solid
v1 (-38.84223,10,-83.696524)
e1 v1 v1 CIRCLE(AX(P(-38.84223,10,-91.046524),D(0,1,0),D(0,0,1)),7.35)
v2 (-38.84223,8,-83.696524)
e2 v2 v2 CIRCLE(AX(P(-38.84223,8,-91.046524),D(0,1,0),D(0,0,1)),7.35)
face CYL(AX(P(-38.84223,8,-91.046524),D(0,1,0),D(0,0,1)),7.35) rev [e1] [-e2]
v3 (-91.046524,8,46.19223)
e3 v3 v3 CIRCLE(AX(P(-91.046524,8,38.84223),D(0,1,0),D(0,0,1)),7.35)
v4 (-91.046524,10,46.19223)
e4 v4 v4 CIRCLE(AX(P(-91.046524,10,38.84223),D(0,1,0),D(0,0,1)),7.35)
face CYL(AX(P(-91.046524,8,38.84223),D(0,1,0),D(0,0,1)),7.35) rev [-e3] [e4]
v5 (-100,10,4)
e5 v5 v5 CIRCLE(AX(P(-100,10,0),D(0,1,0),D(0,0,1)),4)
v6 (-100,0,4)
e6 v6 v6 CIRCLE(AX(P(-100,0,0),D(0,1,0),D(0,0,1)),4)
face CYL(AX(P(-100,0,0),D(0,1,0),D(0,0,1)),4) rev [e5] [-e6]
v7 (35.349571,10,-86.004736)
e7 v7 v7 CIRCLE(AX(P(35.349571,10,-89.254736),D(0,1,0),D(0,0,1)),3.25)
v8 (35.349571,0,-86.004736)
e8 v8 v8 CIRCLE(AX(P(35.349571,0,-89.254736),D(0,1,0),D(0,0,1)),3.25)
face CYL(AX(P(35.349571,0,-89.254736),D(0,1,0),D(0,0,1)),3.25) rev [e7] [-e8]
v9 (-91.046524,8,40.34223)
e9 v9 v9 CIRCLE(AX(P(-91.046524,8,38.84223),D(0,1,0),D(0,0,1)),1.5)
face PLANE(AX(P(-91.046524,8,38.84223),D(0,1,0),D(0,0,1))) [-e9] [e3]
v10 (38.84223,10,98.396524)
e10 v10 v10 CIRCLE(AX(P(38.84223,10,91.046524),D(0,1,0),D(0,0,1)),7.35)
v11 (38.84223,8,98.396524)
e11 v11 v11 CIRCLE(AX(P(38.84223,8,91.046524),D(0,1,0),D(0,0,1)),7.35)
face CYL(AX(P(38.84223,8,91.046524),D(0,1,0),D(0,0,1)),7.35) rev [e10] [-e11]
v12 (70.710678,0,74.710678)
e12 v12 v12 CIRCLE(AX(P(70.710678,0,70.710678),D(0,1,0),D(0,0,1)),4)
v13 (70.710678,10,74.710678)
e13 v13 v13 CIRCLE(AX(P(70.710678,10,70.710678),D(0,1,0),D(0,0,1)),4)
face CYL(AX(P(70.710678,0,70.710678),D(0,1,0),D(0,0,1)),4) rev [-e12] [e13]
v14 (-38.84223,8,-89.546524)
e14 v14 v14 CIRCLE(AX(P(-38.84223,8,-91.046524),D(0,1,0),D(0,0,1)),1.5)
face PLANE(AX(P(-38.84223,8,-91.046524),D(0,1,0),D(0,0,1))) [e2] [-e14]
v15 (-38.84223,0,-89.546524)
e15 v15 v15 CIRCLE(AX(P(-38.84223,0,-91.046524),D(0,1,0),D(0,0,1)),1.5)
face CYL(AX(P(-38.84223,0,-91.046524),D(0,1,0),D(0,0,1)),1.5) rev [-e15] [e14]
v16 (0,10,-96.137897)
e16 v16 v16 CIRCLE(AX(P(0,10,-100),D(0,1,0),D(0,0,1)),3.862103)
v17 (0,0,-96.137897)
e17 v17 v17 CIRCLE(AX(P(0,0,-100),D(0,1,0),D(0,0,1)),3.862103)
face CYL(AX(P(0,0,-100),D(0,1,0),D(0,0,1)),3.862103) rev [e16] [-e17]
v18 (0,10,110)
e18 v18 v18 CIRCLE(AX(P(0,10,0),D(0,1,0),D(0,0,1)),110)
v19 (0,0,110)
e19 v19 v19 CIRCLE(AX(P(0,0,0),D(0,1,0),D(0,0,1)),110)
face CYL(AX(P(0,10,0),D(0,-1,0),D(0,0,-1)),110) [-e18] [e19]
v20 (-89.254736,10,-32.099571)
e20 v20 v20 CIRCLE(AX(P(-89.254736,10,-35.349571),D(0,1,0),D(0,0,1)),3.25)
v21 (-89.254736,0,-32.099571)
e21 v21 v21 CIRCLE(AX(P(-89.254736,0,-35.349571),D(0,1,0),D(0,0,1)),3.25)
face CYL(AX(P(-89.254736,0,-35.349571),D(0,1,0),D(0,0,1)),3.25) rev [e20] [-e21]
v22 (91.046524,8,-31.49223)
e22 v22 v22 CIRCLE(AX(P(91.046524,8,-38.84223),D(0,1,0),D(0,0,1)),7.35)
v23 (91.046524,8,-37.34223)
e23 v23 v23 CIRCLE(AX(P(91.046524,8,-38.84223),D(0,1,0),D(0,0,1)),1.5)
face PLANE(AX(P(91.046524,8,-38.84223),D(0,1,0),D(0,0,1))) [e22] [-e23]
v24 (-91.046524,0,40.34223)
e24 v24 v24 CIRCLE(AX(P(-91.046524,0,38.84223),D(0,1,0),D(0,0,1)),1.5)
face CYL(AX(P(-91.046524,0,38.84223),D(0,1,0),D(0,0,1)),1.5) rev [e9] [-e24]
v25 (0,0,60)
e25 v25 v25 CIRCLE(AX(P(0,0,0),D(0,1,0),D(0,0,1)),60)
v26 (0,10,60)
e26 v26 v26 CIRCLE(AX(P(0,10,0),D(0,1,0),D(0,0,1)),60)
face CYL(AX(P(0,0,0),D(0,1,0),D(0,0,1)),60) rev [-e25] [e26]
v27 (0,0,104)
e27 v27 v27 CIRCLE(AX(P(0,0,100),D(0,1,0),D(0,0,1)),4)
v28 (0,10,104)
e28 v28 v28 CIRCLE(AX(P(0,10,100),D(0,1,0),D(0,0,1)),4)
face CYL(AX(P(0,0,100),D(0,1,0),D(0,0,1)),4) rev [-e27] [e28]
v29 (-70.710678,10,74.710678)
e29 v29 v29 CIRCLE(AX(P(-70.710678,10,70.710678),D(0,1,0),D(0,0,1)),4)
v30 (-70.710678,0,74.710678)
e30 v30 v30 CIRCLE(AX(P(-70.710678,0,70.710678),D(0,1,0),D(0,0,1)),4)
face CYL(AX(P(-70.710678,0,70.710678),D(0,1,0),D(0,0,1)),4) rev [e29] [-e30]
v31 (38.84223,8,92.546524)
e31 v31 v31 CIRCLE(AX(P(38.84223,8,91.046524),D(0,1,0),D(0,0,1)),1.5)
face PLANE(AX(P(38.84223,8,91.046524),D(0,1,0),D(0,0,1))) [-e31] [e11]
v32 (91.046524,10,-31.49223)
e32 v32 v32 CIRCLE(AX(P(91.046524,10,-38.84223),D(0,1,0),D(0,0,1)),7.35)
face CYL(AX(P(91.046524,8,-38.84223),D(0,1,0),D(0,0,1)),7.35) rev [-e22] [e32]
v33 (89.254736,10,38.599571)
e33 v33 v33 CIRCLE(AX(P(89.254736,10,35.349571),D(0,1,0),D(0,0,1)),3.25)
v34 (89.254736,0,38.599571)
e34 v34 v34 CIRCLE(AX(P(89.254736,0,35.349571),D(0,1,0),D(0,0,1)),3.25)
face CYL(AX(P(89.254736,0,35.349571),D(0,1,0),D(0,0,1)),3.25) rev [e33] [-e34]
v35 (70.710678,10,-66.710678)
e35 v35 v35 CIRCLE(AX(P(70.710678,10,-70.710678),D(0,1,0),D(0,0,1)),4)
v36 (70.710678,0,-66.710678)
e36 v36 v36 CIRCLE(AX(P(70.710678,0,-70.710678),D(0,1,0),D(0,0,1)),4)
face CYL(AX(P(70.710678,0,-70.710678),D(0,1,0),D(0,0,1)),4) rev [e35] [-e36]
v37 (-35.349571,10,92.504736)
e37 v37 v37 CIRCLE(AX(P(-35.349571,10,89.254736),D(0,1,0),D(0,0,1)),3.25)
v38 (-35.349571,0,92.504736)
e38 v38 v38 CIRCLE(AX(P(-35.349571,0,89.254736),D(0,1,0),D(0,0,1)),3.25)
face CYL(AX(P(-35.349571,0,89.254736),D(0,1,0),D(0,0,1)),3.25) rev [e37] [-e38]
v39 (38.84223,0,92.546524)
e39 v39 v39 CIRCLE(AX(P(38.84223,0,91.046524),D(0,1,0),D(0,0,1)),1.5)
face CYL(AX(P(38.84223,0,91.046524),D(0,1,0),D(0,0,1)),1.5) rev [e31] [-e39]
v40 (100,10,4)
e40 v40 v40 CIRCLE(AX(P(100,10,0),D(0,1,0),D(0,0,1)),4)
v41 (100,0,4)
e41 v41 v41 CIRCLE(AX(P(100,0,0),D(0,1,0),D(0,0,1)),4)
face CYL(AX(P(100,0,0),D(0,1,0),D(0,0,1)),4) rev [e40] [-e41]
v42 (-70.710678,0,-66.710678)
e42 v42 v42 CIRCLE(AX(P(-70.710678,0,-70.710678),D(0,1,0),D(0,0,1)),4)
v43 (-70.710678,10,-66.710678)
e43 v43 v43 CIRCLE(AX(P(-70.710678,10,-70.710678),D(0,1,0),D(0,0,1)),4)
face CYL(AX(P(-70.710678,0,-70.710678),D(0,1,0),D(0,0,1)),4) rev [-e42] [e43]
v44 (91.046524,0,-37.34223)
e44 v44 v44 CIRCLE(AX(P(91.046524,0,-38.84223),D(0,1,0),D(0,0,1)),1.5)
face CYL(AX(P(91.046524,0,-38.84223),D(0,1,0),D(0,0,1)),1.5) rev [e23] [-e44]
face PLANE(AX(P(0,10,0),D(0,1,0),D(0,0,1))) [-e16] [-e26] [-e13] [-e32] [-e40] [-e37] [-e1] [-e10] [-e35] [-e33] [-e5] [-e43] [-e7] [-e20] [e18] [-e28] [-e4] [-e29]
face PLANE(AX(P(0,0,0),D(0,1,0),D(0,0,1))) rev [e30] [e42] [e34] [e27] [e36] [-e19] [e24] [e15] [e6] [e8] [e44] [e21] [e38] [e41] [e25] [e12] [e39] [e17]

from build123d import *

# Parameters (mm, degrees)
CROQUIS1_R              = 110
SALIENTE_EXTRUIR1_DEPTH = 10
CROQUIS2_R              = 3.862102747
CROQUIS2_R_2            = 4
CORTAR_EXTRUIR1_DEPTH   = 10
CROQUIS3_R              = 60
CORTAR_EXTRUIR2_DEPTH   = 10
CROQUIS4_R              = 3.25
CORTAR_EXTRUIR3_DEPTH   = 10
CROQUIS5_R              = 7.35
CORTAR_EXTRUIR4_DEPTH   = 2
CROQUIS7_R              = 1.5
CORTAR_EXTRUIR5_DEPTH   = 10


with BuildPart() as part:
    # Croquis1 → Saliente-Extruir1 (new body)
    with BuildSketch(Plane(origin=(0, 0, 0), x_dir=(1, 0, 0), z_dir=(0, 1, 0))):
        with Locations(Location((0, 0, 0), (0, 0, 270))):
            Circle(CROQUIS1_R)
    extrude(amount=SALIENTE_EXTRUIR1_DEPTH)

    # Croquis2 → Cortar-Extruir1 (cut)
    with BuildSketch(Plane(origin=(0, 10, 0), x_dir=(1, 0, 0), z_dir=(0, 1, 0))):
        with Locations(Location((0, 100, 0), (0, 0, 270))):
            Circle(CROQUIS2_R)
        with Locations(Location((-100, 0, 0), (0, 0, 270))):
            Circle(CROQUIS2_R_2)
        with Locations(Location((0, -100, 0), (0, 0, 270))):
            Circle(CROQUIS2_R_2)
        with Locations(Location((100, 0, 0), (0, 0, 270))):
            Circle(CROQUIS2_R_2)
        with Locations(Location((-70.710678119, 70.710678119, 0), (0, 0, 270))):
            Circle(CROQUIS2_R_2)
        with Locations(Location((70.710678119, 70.710678119, 0), (0, 0, 270))):
            Circle(CROQUIS2_R_2)
        with Locations(Location((70.710678119, -70.710678119, 0), (0, 0, 270))):
            Circle(CROQUIS2_R_2)
        with Locations(Location((-70.710678119, -70.710678119, 0), (0, 0, 270))):
            Circle(CROQUIS2_R_2)
    extrude(amount=-CORTAR_EXTRUIR1_DEPTH, mode=Mode.SUBTRACT)

    # Croquis3 → Cortar-Extruir2 (cut)
    with BuildSketch(Plane(origin=(0, 10, 0), x_dir=(1, 0, 0), z_dir=(0, 1, 0))):
        with Locations(Location((0, 0, 0), (0, 0, 270))):
            Circle(CROQUIS3_R)
    extrude(amount=-CORTAR_EXTRUIR2_DEPTH, mode=Mode.SUBTRACT)

    # Croquis4 → Cortar-Extruir3 (cut)
    with BuildSketch(Plane(origin=(0, 10, 0), x_dir=(1, 0, 0), z_dir=(0, 1, 0))):
        with Locations(Location((89.254735783, -35.349570581, 0), (0, 0, 270))):
            Circle(CROQUIS4_R)
        with Locations(Location((-35.349570581, -89.254735783, 0), (0, 0, 270))):
            Circle(CROQUIS4_R)
        with Locations(Location((-89.254735783, 35.349570581, 0), (0, 0, 270))):
            Circle(CROQUIS4_R)
        with Locations(Location((35.349570581, 89.254735783, 0), (0, 0, 270))):
            Circle(CROQUIS4_R)
    extrude(amount=-CORTAR_EXTRUIR3_DEPTH, mode=Mode.SUBTRACT)

    # Croquis5 → Cortar-Extruir4 (cut)
    with BuildSketch(Plane(origin=(0, 10, 0), x_dir=(1, 0, 0), z_dir=(0, 1, 0))):
        with Locations(Location((91.046524442, 38.842229875, 0), (0, 0, 270))):
            Circle(CROQUIS5_R)
        with Locations(Location((38.842229875, -91.046524442, 0), (0, 0, 270))):
            Circle(CROQUIS5_R)
        with Locations(Location((-91.046524442, -38.842229875, 0), (0, 0, 270))):
            Circle(CROQUIS5_R)
        with Locations(Location((-38.842229875, 91.046524442, 0), (0, 0, 270))):
            Circle(CROQUIS5_R)
    extrude(amount=-CORTAR_EXTRUIR4_DEPTH, mode=Mode.SUBTRACT)

    # Croquis7 → Cortar-Extruir5 (cut)
    with BuildSketch(Plane(origin=(0, 10, 0), x_dir=(1, 0, 0), z_dir=(0, 1, 0))):
        with Locations(Location((-38.842229875, 91.046524442, 0), (0, 0, 270))):
            Circle(CROQUIS7_R)
        with Locations(Location((91.046524442, 38.842229875, 0), (0, 0, 270))):
            Circle(CROQUIS7_R)
        with Locations(Location((38.842229875, -91.046524442, 0), (0, 0, 270))):
            Circle(CROQUIS7_R)
        with Locations(Location((-91.046524442, -38.842229875, 0), (0, 0, 270))):
            Circle(CROQUIS7_R)
    extrude(amount=-CORTAR_EXTRUIR5_DEPTH, mode=Mode.SUBTRACT)


solid = part.part
